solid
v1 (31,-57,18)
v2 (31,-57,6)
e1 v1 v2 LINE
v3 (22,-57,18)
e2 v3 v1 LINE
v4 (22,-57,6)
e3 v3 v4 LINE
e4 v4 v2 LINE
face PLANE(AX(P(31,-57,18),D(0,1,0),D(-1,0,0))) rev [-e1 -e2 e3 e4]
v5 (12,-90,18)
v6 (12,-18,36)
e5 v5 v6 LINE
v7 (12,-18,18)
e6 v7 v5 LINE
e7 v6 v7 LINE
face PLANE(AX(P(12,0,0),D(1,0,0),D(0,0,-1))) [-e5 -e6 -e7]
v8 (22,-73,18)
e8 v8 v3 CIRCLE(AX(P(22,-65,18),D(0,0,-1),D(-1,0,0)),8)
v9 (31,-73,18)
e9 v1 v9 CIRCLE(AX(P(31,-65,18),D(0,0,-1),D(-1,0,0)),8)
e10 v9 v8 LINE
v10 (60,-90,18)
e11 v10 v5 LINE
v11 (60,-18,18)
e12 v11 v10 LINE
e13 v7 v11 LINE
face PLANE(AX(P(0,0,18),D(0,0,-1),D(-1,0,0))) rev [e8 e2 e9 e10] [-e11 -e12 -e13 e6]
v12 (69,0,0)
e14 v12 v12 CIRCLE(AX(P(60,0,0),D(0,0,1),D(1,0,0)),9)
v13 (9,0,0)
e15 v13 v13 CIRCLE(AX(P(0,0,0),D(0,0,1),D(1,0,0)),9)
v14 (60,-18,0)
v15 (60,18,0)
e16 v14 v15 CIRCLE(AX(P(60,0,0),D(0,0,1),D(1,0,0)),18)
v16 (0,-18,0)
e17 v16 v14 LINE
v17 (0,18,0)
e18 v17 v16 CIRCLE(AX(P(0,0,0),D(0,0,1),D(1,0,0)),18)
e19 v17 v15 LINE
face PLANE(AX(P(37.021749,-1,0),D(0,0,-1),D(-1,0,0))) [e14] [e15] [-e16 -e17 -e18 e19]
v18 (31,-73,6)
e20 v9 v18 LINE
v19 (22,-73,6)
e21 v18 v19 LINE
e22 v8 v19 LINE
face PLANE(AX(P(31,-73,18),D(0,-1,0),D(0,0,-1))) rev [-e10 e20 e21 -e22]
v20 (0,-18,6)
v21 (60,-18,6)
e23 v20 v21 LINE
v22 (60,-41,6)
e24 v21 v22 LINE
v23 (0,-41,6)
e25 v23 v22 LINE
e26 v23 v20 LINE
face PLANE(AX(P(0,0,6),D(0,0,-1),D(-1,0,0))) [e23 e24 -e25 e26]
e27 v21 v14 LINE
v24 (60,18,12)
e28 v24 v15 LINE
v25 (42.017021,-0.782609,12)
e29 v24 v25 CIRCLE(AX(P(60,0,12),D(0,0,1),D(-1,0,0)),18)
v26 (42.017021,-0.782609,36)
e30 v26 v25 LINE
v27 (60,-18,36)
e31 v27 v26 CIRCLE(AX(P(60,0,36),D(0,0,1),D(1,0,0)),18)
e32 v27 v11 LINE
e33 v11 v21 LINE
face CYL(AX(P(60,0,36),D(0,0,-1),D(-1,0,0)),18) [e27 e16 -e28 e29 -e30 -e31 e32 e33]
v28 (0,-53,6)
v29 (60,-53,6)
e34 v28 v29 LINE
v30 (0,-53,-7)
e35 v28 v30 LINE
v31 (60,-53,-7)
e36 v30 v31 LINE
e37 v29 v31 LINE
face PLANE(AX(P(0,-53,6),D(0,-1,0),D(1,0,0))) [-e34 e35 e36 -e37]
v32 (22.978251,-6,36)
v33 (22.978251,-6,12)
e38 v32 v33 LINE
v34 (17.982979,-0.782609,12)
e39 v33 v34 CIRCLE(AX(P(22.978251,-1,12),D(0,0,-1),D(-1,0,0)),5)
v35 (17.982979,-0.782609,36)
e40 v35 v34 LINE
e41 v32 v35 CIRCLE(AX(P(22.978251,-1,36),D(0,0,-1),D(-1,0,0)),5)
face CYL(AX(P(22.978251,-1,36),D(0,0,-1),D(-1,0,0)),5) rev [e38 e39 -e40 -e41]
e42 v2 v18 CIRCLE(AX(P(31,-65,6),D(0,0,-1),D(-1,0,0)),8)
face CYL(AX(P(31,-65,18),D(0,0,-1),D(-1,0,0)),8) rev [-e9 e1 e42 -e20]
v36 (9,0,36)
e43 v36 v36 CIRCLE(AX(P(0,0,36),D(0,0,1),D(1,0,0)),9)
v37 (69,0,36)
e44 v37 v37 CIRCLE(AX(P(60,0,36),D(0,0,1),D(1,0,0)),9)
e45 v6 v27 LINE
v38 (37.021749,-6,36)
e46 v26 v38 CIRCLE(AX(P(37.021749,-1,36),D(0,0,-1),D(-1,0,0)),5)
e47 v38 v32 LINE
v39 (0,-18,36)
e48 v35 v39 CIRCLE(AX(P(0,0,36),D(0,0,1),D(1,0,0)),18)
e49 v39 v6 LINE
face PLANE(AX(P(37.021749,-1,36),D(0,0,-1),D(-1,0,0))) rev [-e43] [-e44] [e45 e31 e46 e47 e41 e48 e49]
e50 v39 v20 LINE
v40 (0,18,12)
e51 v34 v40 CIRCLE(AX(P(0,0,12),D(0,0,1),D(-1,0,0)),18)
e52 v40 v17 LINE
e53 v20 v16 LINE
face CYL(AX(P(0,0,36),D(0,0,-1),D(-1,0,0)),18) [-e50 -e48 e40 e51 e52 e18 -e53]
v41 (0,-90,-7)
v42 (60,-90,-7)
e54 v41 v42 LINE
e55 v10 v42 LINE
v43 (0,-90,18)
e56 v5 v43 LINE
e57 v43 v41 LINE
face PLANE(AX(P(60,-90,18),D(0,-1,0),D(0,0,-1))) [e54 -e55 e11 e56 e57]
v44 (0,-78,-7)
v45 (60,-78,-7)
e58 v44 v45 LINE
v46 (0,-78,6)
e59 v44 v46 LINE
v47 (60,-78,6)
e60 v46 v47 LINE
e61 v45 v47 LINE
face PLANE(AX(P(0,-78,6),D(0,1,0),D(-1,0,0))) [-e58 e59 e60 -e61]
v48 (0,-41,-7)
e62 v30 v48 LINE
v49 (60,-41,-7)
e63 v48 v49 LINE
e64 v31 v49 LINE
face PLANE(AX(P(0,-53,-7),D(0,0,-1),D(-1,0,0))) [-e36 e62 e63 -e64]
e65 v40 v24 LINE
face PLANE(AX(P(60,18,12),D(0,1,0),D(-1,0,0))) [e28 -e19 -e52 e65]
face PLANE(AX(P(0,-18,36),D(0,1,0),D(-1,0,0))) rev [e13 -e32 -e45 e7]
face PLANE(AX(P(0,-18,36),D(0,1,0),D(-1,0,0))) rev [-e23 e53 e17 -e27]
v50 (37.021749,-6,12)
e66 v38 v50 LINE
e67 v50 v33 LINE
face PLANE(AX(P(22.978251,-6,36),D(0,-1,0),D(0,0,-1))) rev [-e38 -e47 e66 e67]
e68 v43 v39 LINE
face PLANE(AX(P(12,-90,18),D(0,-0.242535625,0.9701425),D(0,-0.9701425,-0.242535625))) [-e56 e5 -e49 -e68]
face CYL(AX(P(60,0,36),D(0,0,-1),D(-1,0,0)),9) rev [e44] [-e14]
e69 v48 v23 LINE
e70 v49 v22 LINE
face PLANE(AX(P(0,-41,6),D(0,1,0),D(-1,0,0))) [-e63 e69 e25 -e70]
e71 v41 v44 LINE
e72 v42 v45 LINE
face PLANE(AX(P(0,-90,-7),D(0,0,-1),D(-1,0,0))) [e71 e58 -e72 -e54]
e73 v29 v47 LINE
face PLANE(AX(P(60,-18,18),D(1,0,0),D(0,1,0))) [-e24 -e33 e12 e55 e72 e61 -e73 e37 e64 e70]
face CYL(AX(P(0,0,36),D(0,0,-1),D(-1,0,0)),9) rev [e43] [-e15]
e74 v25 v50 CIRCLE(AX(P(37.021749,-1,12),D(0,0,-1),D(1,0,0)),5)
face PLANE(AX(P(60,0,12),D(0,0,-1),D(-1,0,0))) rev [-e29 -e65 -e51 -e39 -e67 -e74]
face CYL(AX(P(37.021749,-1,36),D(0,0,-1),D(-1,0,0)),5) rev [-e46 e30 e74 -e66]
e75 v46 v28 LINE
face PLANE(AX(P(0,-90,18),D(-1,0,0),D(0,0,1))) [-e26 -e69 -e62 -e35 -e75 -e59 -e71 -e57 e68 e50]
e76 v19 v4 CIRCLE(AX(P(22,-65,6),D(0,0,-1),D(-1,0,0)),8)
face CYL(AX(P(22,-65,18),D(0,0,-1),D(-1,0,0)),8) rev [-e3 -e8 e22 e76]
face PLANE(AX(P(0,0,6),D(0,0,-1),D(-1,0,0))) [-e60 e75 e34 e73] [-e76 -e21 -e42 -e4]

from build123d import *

# Parameters (mm, degrees)
SKETCH1_R           = 9
BOSS_EXTRUDE1_DEPTH = 36
BOSS_EXTRUDE2_DEPTH = 12
SKETCH3_W           = 60
SKETCH3_H           = 72
BOSS_EXTRUDE3_DEPTH = 12
SKETCH4_W           = 13
SKETCH4_H           = 12
BOSS_EXTRUDE4_DEPTH = 60
BOSS_EXTRUDE5_DEPTH = 12


with BuildPart() as part:
    # Sketch1 → Boss-Extrude1 (new body)
    with BuildSketch(Plane.XY):
        with BuildLine():
            Line((0, -18), (60, -18))
            ThreePointArc((60, -18), (72.448153347, 13.001672133), (42.01702128, -0.782608696))
            ThreePointArc((42.01702128, -0.782608696), (40.633325006, -4.457820374), (37.021749414, -6))
            Line((37.021749414, -6), (22.978250586, -6))
            ThreePointArc((22.978250586, -6), (19.366674994, -4.457820374), (17.98297872, -0.782608696))
            ThreePointArc((17.98297872, -0.782608696), (-12.448153347, 13.001672133), (0, -18))
        make_face()
        Circle(SKETCH1_R, mode=Mode.SUBTRACT)
        with Locations((60, 0)):
            Circle(SKETCH1_R, mode=Mode.SUBTRACT)
    extrude(amount=BOSS_EXTRUDE1_DEPTH)

    # Sketch2 → Boss-Extrude2 (add)
    with BuildSketch(Plane(origin=(0, 0, 0), x_dir=(-1, 0, 0), z_dir=(0, 0, -1))):
        with BuildLine():
            Line((-60, 18), (0, 18))
            ThreePointArc((0, 18), (-13.001672133, 12.448153347), (-17.98297872, -0.782608696))
            ThreePointArc((-17.98297872, -0.782608696), (-19.366674994, -4.457820374), (-22.978250586, -6))
            Line((-22.978250586, -6), (-37.021749414, -6))
            ThreePointArc((-37.021749414, -6), (-40.633325006, -4.457820374), (-42.01702128, -0.782608696))
            ThreePointArc((-42.01702128, -0.782608696), (-46.998327867, 12.448153347), (-60, 18))
        make_face()
    extrude(amount=-BOSS_EXTRUDE2_DEPTH)

    # Sketch3 → Boss-Extrude3 (add)
    with BuildSketch(Plane(origin=(0, 0, 6), x_dir=(-1, 0, 0), z_dir=(0, 0, -1))):
        with Locations((-30, -54)):
            Rectangle(SKETCH3_W, SKETCH3_H)
        with BuildLine():
            Line((-31, -57), (-22, -57))
            ThreePointArc((-22, -57), (-14, -65), (-22, -73))
            Line((-22, -73), (-31, -73))
            ThreePointArc((-31, -73), (-39, -65), (-31, -57))
        make_face(mode=Mode.SUBTRACT)
    extrude(amount=-BOSS_EXTRUDE3_DEPTH)

    # Sketch4 → Boss-Extrude4 (add)
    with BuildSketch(Plane(origin=(60, 0, 0), x_dir=(0, 0, -1), z_dir=(1, 0, 0))):
        with Locations((0.5, -47)):
            Rectangle(SKETCH4_W, SKETCH4_H)
        with Locations((0.5, -84)):
            Rectangle(SKETCH4_W, SKETCH4_H)
    extrude(amount=-BOSS_EXTRUDE4_DEPTH)

    # Sketch5 → Boss-Extrude5 (add)
    with BuildSketch(Plane.ZY):
        Polygon((18, -90), (36, -18), (18, -18), align=None)
    extrude(amount=-BOSS_EXTRUDE5_DEPTH)


solid = part.part
